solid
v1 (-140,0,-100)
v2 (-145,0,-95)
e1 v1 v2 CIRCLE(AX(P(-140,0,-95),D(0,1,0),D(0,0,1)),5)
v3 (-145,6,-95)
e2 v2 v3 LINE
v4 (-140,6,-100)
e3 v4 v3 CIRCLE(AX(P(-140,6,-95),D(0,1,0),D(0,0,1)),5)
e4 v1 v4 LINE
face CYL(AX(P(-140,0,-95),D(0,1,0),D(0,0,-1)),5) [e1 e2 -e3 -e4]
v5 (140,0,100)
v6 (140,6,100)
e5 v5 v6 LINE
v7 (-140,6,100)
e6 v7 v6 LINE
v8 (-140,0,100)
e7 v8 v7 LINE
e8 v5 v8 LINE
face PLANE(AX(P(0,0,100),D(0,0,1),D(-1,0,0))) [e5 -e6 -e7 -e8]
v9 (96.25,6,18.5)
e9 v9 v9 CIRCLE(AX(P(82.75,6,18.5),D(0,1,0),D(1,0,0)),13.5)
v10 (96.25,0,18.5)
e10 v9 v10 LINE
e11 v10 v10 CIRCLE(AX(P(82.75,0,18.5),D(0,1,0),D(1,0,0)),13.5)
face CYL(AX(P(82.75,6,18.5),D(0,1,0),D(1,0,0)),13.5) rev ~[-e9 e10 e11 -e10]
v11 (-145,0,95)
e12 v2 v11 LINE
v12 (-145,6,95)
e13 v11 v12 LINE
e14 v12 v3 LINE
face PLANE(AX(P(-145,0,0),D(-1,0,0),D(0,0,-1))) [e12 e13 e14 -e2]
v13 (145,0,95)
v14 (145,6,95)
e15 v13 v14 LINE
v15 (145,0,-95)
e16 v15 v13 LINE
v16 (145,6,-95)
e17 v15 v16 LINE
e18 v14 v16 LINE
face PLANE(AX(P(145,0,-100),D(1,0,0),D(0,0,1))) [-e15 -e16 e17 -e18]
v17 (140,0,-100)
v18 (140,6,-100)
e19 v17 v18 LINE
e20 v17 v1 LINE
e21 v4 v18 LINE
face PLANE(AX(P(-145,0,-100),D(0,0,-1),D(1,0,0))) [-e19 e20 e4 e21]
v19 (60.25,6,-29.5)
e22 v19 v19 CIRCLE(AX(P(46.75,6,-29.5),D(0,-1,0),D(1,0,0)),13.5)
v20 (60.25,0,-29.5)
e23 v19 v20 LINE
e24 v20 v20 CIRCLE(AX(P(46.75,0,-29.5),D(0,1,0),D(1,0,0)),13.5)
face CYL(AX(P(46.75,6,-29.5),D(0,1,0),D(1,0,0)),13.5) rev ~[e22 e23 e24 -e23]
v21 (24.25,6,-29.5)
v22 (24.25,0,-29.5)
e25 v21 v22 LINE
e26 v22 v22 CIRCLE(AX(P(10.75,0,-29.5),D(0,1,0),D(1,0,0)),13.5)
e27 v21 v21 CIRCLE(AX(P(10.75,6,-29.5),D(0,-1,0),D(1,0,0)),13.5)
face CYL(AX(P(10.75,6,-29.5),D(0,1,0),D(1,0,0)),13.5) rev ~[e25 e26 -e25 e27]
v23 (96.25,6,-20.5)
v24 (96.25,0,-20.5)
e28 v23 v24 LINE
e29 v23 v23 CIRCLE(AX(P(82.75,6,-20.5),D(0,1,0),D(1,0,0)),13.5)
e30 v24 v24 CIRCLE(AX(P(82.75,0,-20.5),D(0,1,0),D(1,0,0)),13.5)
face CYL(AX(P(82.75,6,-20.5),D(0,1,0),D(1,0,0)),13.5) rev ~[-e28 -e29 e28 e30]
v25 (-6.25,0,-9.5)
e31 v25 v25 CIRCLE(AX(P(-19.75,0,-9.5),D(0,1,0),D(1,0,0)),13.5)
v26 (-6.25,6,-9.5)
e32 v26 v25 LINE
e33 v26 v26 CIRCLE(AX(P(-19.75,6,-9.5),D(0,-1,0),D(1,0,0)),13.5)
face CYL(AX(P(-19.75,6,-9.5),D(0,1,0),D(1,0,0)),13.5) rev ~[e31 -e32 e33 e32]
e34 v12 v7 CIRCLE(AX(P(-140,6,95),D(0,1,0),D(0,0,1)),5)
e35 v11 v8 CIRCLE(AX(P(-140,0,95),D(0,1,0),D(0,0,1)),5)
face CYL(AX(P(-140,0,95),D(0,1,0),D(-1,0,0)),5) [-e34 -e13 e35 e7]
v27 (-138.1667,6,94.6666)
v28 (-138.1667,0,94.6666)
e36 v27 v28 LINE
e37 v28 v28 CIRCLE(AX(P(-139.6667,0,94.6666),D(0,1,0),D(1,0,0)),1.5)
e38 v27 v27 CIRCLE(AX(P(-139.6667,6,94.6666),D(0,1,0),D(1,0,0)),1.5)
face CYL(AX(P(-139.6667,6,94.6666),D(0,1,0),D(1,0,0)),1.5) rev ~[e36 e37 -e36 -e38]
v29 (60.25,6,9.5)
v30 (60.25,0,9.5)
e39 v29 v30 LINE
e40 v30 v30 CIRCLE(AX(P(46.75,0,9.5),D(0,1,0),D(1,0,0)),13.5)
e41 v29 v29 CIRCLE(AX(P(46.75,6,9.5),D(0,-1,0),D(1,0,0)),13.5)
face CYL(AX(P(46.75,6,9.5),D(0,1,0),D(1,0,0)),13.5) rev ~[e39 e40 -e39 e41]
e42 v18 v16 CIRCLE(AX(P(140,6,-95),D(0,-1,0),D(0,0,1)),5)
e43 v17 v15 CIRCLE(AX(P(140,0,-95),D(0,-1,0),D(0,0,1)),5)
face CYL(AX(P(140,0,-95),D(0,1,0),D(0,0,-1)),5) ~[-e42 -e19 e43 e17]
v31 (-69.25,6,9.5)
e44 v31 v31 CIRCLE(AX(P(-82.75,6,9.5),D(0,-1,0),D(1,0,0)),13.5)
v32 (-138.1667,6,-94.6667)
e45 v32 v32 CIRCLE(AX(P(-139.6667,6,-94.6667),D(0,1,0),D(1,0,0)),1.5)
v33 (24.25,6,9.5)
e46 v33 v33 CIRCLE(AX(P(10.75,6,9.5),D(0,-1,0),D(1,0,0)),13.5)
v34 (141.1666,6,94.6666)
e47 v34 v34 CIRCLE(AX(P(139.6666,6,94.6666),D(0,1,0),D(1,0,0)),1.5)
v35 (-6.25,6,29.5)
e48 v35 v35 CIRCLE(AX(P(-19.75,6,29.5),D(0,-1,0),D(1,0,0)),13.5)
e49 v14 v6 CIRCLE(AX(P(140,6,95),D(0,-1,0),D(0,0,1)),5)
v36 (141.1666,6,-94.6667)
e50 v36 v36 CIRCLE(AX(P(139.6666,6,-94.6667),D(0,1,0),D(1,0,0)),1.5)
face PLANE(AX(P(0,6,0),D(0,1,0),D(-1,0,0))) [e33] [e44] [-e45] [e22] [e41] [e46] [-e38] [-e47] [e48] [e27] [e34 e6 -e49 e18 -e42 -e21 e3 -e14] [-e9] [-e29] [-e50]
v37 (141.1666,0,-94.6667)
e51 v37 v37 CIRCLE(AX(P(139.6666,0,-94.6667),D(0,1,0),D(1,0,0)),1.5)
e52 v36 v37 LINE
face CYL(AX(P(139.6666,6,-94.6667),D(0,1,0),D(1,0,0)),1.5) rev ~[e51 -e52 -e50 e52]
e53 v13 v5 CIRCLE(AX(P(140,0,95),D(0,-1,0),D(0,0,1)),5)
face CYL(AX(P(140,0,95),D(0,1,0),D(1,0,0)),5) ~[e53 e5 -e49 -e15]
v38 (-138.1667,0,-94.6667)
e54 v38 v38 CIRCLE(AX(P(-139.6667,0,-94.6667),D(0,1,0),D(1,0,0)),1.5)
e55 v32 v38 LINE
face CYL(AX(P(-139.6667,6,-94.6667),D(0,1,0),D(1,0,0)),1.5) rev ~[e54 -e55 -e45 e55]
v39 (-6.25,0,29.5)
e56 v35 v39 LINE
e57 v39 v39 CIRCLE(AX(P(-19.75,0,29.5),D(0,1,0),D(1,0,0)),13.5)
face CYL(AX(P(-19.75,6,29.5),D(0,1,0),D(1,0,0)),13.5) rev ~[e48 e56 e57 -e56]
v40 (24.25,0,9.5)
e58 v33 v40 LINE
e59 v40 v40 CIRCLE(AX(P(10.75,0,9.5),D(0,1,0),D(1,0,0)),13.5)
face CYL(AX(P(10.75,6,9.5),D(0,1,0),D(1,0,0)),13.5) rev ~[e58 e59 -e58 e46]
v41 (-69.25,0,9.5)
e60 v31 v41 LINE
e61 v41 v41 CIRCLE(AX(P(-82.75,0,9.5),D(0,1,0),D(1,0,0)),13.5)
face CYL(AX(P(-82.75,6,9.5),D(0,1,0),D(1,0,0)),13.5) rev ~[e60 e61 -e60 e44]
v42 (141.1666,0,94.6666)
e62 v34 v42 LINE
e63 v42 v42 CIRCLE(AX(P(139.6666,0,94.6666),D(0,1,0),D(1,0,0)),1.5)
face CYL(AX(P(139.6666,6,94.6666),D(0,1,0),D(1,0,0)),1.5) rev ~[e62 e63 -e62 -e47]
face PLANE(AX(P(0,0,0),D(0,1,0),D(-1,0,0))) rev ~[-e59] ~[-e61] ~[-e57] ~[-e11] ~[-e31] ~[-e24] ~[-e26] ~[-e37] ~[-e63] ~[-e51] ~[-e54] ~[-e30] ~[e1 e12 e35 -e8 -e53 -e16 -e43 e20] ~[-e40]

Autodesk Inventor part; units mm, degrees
ref_plane "YZ Plane" through (0, 0, 0) normal (1, 0, 0) x (0, 1, 0)
ref_plane "XZ Plane" through (0, 0, 0) normal (0, 1, 0) x (-1, 0, 0)
ref_plane "XY Plane" through (0, 0, 0) normal (0, 0, 1) x (1, 0, 0)
sketch "Sketch1" plane through (0, 0, 0) normal (0, 1, 0) x (-1, 0, 0)
  line L0 (145, -100) -> (-145, -100)
  line L1 (-145, -100) -> (-145, 100)
  line L2 (-145, 100) -> (145, 100)
  line L3 (145, 100) -> (145, -100)
  line L4 (203, 0) -> (-203, 0) projected
  line L5 (0, -140) -> (0, 140) projected
  point P0 (0, 0)
  dimension "d30" = 290
  dimension "d31" = 200
extrude "Extrusion1" add sketch "Sketch1" along normal blind 6
sketch "Sketch2" plane through (0, 6, 0) normal (0, 1, 0) x (1, 0, 0)
  circle A0 centre (-19.75, -29.5) radius 13.5
  circle A1 centre (-82.75, -9.5) radius 13.5
  circle A2 centre (-19.75, 9.5) radius 13.5
  circle A3 centre (46.75, 29.5) radius 13.5
  circle A4 centre (82.75, 20.5) radius 13.5
  circle A5 centre (10.75, 29.5) radius 13.5
  circle A6 centre (10.75, -9.5) radius 13.5
  circle A7 centre (46.75, -9.5) radius 13.5
  circle A8 centre (82.75, -18.5) radius 13.5
  line L0 (-96.25, 43) -> (96.25, 43)
  line L1 (96.25, 43) -> (96.25, -43)
  line L2 (96.25, -43) -> (-96.25, -43)
  line L3 (-96.25, -43) -> (-96.25, 43)
  line L4 (145, 100) -> (-145, 100) projected
  line L5 (145, -100) -> (145, 100) projected
  line L6 (0, 140) -> (0, -140) projected
  line L7 (-203, 0) -> (203, 0) projected
  dimension "d3" = 27
  dimension "d19" = 30.5
  dimension "d20" = 36
  dimension "d23" = 19
  dimension "d24" = 9
  dimension "d25" = 36
  dimension "d26" = 11
  dimension "d27" = 9
  dimension "d28" = 11
  dimension "d29" = 63
extrude "Extrusion2" cut sketch "Sketch2" against normal blind 10 contours A0 | A8 | L6 A6 L7 | A6 L6 | A1 L7 | A1 L7 | A4 | A3 | A6 L7 | L7 A7 | A7 L7 | L6 A5 | A5 L6 | L7 A2 | A2 L7 picked at (6.7806, -6.3333)
fillet "Fillet1" radius 5 4 edges at (-145, 3, 100) (145, 3, 100) (145, 3, -100) (-145, 3, -100)
sketch "Sketch3" plane through (0, 6, 0) normal (0, 1, 0) x (1, 0, 0)
  circle A0 centre (-139.6667, 94.6667) radius 1.5
  line L0 (140, 100) -> (-140, 100) projected
  line L1 (-145, 95) -> (-145, -95) projected
  point P0 (0, 0)
  dimension "d35" = 5.3333
  dimension "d36" = 5.3333
  dimension "d37" = 3
extrude "Extrusion3" cut sketch "Sketch3" against normal blind 10
pattern_linear "Rectangular Pattern1" count 2 spacing 279.3333 along (1, 0, 0) count 2 spacing 189.3333 along (0, 0, 1) of "Extrusion3"
equation "\"d30\" = BoxLength"
equation "\"d31\" = BoxWidth"
equation "\"d0\" = SheetThickness"
equation "\"d3\" = button_hole_outer"
equation "\"d35\" = 0.666667 * CornerOffset + 0.333333 * SheetThickness"
equation "\"d36\" = 0.666667 * CornerOffset + 0.333333 * SheetThickness"
equation "\"d42\" = BoxLength - 1.33333 * CornerOffset - 0.666667 * SheetThickness"
equation "\"d45\" = BoxWidth - 1.33333 * CornerOffset - 0.666667 * SheetThickness"
equation "\"button_hole_outer\" = 27"
equation "\"BoxLength\" = 290"
equation "\"BoxWidth\" = 200"
equation "\"SheetThickness\" = 6"
equation "\"CornerOffset\" = 5"
properties part number "sega_straight"
